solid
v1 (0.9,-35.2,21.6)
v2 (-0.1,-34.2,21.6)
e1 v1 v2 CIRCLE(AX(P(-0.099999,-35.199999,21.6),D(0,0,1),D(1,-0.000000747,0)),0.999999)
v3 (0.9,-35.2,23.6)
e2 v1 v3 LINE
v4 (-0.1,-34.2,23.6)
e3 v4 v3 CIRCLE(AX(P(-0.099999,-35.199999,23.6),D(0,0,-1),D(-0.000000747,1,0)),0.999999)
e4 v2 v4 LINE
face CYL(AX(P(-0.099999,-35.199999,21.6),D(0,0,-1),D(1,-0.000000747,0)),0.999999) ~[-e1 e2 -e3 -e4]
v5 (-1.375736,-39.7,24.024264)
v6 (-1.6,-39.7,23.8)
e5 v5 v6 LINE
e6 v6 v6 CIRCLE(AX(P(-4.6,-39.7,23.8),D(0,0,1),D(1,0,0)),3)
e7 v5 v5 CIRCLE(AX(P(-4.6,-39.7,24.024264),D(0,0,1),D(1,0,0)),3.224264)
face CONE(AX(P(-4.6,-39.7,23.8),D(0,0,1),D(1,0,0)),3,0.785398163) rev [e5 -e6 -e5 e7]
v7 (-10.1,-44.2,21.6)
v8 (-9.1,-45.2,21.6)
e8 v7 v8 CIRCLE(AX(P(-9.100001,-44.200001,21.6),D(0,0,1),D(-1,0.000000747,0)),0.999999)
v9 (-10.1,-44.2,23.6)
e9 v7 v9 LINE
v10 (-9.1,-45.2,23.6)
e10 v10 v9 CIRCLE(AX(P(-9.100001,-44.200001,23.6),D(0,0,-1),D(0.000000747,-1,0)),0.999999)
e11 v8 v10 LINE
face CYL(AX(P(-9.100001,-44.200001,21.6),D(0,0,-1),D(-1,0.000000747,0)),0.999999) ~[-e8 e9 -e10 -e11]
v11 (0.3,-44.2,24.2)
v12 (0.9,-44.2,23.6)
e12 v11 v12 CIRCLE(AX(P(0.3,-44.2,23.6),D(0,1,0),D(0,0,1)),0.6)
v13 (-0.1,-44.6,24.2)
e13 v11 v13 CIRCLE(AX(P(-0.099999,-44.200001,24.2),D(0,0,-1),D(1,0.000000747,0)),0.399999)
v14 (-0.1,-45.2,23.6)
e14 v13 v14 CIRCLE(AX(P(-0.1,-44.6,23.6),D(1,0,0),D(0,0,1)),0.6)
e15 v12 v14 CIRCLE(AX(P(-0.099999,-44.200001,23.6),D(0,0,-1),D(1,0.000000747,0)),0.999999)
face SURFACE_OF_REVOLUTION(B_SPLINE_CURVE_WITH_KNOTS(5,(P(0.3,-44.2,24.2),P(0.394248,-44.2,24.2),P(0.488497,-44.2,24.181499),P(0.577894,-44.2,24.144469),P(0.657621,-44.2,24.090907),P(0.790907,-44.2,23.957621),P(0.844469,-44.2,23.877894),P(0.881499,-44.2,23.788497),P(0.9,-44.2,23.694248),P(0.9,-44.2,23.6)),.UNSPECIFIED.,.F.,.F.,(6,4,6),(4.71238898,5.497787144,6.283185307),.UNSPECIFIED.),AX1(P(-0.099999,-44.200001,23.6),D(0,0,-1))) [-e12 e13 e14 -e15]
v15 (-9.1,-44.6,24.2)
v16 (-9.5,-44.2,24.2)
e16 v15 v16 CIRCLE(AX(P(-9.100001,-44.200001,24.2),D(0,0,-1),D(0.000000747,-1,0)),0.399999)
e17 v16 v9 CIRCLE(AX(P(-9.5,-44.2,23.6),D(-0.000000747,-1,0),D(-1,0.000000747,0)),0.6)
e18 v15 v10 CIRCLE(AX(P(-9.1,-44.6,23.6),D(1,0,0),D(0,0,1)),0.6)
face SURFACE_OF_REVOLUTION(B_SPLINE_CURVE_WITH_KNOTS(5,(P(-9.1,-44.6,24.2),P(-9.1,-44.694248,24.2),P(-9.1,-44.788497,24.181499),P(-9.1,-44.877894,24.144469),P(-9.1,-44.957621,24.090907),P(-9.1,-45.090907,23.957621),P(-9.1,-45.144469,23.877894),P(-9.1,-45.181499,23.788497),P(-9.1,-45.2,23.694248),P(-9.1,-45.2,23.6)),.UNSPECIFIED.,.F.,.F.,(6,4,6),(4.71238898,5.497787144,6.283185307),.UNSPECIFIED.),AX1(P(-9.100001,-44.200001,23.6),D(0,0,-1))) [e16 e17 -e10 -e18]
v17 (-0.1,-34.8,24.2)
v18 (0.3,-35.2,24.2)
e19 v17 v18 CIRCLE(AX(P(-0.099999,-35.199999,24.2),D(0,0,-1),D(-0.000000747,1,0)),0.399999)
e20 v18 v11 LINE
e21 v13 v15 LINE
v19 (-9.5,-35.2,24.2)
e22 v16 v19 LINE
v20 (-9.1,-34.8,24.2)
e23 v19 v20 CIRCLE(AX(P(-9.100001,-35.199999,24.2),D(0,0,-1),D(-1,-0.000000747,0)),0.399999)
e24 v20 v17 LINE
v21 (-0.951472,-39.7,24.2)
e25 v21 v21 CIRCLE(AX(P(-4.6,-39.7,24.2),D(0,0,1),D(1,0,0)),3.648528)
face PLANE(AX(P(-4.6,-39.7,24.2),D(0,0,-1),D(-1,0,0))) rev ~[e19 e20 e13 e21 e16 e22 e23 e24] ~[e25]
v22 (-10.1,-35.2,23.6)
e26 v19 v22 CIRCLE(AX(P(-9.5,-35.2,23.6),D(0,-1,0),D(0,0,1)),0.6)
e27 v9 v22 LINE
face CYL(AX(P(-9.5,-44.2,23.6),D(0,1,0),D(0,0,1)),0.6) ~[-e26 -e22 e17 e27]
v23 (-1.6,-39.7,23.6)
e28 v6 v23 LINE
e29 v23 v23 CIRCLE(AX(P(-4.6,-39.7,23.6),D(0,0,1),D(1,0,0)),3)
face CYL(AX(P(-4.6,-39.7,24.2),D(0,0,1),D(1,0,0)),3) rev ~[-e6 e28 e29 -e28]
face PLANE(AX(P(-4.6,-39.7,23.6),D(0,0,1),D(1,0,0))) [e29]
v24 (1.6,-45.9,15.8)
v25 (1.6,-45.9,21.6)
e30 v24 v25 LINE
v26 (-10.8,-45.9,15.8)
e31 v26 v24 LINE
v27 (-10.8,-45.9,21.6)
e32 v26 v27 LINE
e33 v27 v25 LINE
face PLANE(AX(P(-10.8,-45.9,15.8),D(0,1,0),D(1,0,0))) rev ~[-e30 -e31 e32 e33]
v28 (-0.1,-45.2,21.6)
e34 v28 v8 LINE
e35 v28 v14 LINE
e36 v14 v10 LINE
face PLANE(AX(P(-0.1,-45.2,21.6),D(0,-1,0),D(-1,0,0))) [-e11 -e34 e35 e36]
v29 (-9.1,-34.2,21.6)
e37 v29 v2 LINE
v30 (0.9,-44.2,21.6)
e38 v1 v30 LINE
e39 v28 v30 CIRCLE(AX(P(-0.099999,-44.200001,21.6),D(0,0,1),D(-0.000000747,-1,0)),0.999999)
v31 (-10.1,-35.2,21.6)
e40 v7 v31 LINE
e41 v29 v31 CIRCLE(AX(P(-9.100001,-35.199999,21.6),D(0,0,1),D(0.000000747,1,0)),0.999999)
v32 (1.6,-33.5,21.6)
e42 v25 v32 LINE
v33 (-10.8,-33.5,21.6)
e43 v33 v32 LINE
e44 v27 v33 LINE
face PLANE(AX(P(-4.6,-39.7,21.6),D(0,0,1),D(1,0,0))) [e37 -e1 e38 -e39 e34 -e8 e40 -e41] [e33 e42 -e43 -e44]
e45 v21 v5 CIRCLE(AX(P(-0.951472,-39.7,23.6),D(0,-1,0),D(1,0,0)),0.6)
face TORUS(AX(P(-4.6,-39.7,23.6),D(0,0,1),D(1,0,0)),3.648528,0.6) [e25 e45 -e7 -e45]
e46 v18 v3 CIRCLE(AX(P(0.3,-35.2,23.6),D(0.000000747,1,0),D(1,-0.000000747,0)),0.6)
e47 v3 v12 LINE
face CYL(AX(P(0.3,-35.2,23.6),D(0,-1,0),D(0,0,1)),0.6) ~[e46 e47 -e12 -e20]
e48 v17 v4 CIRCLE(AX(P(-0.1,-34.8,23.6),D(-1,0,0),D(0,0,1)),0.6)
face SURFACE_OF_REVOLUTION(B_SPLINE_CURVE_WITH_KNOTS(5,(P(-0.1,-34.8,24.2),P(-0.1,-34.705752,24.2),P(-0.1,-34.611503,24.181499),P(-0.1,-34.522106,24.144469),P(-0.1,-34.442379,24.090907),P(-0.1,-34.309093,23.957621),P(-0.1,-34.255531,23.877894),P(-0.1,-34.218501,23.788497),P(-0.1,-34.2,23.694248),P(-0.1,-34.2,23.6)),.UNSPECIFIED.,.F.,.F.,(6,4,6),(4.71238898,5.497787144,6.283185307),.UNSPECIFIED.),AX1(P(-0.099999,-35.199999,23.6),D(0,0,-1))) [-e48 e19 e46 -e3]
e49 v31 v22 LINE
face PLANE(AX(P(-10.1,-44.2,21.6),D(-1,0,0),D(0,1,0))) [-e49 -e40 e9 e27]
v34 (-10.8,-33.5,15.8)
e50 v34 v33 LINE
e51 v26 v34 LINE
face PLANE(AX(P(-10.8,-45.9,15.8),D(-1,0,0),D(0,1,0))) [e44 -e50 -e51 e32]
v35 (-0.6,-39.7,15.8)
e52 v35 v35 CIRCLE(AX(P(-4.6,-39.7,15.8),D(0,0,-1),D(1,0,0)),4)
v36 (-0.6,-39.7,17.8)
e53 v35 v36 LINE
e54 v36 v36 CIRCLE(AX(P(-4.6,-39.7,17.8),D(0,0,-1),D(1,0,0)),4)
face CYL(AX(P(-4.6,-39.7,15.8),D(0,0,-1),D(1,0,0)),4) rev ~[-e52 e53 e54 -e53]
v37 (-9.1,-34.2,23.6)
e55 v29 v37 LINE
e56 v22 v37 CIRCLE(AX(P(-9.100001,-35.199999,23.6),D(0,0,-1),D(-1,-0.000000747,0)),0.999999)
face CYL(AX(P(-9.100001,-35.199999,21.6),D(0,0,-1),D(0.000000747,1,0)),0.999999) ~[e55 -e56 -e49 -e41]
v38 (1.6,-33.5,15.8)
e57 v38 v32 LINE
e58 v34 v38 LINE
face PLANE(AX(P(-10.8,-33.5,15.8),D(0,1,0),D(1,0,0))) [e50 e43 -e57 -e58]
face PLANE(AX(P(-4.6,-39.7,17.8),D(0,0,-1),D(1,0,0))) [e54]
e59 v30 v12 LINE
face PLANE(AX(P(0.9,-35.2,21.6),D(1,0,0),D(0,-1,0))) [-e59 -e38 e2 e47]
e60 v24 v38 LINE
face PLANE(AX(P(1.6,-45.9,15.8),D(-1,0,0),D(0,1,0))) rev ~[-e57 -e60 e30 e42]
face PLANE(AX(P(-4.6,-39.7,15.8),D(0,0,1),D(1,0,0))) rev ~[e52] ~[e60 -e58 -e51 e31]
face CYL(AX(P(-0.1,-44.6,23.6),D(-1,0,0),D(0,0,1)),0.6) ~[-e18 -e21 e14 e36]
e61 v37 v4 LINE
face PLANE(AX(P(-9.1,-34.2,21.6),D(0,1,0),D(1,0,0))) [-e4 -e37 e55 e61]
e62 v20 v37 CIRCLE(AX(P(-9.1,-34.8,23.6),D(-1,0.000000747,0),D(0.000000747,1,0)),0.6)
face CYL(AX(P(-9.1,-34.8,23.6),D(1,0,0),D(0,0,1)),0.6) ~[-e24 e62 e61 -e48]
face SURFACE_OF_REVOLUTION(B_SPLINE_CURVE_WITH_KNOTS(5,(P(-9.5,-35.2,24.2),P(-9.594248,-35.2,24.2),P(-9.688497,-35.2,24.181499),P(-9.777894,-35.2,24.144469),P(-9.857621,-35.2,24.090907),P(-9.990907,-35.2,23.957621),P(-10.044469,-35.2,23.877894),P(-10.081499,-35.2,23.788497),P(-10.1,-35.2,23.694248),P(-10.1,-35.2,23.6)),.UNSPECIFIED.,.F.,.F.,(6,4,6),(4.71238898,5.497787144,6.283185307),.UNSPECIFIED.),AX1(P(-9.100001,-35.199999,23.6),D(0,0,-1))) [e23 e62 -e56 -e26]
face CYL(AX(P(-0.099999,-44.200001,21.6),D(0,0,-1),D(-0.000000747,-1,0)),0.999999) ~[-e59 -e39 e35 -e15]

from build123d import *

# Parameters (mm, degrees)
SKETCH033_W     = 12.4
SKETCH033_H     = 12.4
PAD015_DEPTH    = 5.8
PAD016_DEPTH    = 2.6
SKETCH035_R     = 3
POCKET010_DEPTH = 0.6
SKETCH036_R     = 4
POCKET011_DEPTH = 2
CHAMFER_SIZE    = 0.4
FILLET_R        = 0.6


with BuildPart() as part:
    # Sketch033 → Pad015 (new body)
    with BuildSketch(Plane.XY):
        Rectangle(SKETCH033_W, SKETCH033_H)
    extrude(amount=PAD015_DEPTH)

    # Sketch034 (on Face6 of Pad015) → Pad016 (join)
    with BuildSketch(Plane.XY.offset(5.8)):
        with BuildLine():
            Line((-4.5, 5.5), (4.5, 5.5))
            ThreePointArc((5.5, 4.5), (5.207107, 5.207107), (4.5, 5.5))
            Line((5.5, 4.5), (5.5, -4.5))
            ThreePointArc((4.5, -5.5), (5.207107, -5.207107), (5.5, -4.5))
            Line((4.5, -5.5), (-4.5, -5.5))
            ThreePointArc((-5.5, -4.5), (-5.207107, -5.207107), (-4.5, -5.5))
            Line((-5.5, -4.5), (-5.5, 4.5))
            ThreePointArc((-4.5, 5.5), (-5.207107, 5.207107), (-5.5, 4.5))
        make_face()
    extrude(amount=PAD016_DEPTH)

    # Sketch035 (on Face15 of Pad016) → Pocket010 (cut)
    with BuildSketch(Plane.XY.offset(8.4)):
        Circle(SKETCH035_R)
    extrude(amount=-POCKET010_DEPTH, mode=Mode.SUBTRACT)

    # Sketch036 (on Face4 of Pocket010) → Pocket011 (cut)
    with BuildSketch(Plane(origin=(0, 0, 0), x_dir=(1, 0, 0), z_dir=(0, 0, -1))):
        Circle(SKETCH036_R)
    extrude(amount=-POCKET011_DEPTH, mode=Mode.SUBTRACT)

    # Chamfer
    chamfer_edges = [part.edges().sort_by_distance(p)[0] for p in [
        (-3, 0, 8.4),
    ]]
    chamfer(chamfer_edges, length=CHAMFER_SIZE)

    # Fillet
    fillet_edges = [part.edges().sort_by_distance(p)[0] for p in [
        (0, -5.5, 8.4),
        (-5.207107, -5.207107, 8.4),
        (-5.5, 0, 8.4),
        (-5.207107, 5.207107, 8.4),
        (0, 5.5, 8.4),
        (-3.4, 0, 8.4),
        (5.207107, -5.207107, 8.4),
        (5.207107, 5.207107, 8.4),
        (5.5, 0, 8.4),
    ]]
    fillet(fillet_edges, radius=FILLET_R)


with BuildPart() as part_1:
    # Body004 placement: moved
    add(part.part.moved(Location((-4.6, -39.7, 15.8))))


solid = part_1.part
